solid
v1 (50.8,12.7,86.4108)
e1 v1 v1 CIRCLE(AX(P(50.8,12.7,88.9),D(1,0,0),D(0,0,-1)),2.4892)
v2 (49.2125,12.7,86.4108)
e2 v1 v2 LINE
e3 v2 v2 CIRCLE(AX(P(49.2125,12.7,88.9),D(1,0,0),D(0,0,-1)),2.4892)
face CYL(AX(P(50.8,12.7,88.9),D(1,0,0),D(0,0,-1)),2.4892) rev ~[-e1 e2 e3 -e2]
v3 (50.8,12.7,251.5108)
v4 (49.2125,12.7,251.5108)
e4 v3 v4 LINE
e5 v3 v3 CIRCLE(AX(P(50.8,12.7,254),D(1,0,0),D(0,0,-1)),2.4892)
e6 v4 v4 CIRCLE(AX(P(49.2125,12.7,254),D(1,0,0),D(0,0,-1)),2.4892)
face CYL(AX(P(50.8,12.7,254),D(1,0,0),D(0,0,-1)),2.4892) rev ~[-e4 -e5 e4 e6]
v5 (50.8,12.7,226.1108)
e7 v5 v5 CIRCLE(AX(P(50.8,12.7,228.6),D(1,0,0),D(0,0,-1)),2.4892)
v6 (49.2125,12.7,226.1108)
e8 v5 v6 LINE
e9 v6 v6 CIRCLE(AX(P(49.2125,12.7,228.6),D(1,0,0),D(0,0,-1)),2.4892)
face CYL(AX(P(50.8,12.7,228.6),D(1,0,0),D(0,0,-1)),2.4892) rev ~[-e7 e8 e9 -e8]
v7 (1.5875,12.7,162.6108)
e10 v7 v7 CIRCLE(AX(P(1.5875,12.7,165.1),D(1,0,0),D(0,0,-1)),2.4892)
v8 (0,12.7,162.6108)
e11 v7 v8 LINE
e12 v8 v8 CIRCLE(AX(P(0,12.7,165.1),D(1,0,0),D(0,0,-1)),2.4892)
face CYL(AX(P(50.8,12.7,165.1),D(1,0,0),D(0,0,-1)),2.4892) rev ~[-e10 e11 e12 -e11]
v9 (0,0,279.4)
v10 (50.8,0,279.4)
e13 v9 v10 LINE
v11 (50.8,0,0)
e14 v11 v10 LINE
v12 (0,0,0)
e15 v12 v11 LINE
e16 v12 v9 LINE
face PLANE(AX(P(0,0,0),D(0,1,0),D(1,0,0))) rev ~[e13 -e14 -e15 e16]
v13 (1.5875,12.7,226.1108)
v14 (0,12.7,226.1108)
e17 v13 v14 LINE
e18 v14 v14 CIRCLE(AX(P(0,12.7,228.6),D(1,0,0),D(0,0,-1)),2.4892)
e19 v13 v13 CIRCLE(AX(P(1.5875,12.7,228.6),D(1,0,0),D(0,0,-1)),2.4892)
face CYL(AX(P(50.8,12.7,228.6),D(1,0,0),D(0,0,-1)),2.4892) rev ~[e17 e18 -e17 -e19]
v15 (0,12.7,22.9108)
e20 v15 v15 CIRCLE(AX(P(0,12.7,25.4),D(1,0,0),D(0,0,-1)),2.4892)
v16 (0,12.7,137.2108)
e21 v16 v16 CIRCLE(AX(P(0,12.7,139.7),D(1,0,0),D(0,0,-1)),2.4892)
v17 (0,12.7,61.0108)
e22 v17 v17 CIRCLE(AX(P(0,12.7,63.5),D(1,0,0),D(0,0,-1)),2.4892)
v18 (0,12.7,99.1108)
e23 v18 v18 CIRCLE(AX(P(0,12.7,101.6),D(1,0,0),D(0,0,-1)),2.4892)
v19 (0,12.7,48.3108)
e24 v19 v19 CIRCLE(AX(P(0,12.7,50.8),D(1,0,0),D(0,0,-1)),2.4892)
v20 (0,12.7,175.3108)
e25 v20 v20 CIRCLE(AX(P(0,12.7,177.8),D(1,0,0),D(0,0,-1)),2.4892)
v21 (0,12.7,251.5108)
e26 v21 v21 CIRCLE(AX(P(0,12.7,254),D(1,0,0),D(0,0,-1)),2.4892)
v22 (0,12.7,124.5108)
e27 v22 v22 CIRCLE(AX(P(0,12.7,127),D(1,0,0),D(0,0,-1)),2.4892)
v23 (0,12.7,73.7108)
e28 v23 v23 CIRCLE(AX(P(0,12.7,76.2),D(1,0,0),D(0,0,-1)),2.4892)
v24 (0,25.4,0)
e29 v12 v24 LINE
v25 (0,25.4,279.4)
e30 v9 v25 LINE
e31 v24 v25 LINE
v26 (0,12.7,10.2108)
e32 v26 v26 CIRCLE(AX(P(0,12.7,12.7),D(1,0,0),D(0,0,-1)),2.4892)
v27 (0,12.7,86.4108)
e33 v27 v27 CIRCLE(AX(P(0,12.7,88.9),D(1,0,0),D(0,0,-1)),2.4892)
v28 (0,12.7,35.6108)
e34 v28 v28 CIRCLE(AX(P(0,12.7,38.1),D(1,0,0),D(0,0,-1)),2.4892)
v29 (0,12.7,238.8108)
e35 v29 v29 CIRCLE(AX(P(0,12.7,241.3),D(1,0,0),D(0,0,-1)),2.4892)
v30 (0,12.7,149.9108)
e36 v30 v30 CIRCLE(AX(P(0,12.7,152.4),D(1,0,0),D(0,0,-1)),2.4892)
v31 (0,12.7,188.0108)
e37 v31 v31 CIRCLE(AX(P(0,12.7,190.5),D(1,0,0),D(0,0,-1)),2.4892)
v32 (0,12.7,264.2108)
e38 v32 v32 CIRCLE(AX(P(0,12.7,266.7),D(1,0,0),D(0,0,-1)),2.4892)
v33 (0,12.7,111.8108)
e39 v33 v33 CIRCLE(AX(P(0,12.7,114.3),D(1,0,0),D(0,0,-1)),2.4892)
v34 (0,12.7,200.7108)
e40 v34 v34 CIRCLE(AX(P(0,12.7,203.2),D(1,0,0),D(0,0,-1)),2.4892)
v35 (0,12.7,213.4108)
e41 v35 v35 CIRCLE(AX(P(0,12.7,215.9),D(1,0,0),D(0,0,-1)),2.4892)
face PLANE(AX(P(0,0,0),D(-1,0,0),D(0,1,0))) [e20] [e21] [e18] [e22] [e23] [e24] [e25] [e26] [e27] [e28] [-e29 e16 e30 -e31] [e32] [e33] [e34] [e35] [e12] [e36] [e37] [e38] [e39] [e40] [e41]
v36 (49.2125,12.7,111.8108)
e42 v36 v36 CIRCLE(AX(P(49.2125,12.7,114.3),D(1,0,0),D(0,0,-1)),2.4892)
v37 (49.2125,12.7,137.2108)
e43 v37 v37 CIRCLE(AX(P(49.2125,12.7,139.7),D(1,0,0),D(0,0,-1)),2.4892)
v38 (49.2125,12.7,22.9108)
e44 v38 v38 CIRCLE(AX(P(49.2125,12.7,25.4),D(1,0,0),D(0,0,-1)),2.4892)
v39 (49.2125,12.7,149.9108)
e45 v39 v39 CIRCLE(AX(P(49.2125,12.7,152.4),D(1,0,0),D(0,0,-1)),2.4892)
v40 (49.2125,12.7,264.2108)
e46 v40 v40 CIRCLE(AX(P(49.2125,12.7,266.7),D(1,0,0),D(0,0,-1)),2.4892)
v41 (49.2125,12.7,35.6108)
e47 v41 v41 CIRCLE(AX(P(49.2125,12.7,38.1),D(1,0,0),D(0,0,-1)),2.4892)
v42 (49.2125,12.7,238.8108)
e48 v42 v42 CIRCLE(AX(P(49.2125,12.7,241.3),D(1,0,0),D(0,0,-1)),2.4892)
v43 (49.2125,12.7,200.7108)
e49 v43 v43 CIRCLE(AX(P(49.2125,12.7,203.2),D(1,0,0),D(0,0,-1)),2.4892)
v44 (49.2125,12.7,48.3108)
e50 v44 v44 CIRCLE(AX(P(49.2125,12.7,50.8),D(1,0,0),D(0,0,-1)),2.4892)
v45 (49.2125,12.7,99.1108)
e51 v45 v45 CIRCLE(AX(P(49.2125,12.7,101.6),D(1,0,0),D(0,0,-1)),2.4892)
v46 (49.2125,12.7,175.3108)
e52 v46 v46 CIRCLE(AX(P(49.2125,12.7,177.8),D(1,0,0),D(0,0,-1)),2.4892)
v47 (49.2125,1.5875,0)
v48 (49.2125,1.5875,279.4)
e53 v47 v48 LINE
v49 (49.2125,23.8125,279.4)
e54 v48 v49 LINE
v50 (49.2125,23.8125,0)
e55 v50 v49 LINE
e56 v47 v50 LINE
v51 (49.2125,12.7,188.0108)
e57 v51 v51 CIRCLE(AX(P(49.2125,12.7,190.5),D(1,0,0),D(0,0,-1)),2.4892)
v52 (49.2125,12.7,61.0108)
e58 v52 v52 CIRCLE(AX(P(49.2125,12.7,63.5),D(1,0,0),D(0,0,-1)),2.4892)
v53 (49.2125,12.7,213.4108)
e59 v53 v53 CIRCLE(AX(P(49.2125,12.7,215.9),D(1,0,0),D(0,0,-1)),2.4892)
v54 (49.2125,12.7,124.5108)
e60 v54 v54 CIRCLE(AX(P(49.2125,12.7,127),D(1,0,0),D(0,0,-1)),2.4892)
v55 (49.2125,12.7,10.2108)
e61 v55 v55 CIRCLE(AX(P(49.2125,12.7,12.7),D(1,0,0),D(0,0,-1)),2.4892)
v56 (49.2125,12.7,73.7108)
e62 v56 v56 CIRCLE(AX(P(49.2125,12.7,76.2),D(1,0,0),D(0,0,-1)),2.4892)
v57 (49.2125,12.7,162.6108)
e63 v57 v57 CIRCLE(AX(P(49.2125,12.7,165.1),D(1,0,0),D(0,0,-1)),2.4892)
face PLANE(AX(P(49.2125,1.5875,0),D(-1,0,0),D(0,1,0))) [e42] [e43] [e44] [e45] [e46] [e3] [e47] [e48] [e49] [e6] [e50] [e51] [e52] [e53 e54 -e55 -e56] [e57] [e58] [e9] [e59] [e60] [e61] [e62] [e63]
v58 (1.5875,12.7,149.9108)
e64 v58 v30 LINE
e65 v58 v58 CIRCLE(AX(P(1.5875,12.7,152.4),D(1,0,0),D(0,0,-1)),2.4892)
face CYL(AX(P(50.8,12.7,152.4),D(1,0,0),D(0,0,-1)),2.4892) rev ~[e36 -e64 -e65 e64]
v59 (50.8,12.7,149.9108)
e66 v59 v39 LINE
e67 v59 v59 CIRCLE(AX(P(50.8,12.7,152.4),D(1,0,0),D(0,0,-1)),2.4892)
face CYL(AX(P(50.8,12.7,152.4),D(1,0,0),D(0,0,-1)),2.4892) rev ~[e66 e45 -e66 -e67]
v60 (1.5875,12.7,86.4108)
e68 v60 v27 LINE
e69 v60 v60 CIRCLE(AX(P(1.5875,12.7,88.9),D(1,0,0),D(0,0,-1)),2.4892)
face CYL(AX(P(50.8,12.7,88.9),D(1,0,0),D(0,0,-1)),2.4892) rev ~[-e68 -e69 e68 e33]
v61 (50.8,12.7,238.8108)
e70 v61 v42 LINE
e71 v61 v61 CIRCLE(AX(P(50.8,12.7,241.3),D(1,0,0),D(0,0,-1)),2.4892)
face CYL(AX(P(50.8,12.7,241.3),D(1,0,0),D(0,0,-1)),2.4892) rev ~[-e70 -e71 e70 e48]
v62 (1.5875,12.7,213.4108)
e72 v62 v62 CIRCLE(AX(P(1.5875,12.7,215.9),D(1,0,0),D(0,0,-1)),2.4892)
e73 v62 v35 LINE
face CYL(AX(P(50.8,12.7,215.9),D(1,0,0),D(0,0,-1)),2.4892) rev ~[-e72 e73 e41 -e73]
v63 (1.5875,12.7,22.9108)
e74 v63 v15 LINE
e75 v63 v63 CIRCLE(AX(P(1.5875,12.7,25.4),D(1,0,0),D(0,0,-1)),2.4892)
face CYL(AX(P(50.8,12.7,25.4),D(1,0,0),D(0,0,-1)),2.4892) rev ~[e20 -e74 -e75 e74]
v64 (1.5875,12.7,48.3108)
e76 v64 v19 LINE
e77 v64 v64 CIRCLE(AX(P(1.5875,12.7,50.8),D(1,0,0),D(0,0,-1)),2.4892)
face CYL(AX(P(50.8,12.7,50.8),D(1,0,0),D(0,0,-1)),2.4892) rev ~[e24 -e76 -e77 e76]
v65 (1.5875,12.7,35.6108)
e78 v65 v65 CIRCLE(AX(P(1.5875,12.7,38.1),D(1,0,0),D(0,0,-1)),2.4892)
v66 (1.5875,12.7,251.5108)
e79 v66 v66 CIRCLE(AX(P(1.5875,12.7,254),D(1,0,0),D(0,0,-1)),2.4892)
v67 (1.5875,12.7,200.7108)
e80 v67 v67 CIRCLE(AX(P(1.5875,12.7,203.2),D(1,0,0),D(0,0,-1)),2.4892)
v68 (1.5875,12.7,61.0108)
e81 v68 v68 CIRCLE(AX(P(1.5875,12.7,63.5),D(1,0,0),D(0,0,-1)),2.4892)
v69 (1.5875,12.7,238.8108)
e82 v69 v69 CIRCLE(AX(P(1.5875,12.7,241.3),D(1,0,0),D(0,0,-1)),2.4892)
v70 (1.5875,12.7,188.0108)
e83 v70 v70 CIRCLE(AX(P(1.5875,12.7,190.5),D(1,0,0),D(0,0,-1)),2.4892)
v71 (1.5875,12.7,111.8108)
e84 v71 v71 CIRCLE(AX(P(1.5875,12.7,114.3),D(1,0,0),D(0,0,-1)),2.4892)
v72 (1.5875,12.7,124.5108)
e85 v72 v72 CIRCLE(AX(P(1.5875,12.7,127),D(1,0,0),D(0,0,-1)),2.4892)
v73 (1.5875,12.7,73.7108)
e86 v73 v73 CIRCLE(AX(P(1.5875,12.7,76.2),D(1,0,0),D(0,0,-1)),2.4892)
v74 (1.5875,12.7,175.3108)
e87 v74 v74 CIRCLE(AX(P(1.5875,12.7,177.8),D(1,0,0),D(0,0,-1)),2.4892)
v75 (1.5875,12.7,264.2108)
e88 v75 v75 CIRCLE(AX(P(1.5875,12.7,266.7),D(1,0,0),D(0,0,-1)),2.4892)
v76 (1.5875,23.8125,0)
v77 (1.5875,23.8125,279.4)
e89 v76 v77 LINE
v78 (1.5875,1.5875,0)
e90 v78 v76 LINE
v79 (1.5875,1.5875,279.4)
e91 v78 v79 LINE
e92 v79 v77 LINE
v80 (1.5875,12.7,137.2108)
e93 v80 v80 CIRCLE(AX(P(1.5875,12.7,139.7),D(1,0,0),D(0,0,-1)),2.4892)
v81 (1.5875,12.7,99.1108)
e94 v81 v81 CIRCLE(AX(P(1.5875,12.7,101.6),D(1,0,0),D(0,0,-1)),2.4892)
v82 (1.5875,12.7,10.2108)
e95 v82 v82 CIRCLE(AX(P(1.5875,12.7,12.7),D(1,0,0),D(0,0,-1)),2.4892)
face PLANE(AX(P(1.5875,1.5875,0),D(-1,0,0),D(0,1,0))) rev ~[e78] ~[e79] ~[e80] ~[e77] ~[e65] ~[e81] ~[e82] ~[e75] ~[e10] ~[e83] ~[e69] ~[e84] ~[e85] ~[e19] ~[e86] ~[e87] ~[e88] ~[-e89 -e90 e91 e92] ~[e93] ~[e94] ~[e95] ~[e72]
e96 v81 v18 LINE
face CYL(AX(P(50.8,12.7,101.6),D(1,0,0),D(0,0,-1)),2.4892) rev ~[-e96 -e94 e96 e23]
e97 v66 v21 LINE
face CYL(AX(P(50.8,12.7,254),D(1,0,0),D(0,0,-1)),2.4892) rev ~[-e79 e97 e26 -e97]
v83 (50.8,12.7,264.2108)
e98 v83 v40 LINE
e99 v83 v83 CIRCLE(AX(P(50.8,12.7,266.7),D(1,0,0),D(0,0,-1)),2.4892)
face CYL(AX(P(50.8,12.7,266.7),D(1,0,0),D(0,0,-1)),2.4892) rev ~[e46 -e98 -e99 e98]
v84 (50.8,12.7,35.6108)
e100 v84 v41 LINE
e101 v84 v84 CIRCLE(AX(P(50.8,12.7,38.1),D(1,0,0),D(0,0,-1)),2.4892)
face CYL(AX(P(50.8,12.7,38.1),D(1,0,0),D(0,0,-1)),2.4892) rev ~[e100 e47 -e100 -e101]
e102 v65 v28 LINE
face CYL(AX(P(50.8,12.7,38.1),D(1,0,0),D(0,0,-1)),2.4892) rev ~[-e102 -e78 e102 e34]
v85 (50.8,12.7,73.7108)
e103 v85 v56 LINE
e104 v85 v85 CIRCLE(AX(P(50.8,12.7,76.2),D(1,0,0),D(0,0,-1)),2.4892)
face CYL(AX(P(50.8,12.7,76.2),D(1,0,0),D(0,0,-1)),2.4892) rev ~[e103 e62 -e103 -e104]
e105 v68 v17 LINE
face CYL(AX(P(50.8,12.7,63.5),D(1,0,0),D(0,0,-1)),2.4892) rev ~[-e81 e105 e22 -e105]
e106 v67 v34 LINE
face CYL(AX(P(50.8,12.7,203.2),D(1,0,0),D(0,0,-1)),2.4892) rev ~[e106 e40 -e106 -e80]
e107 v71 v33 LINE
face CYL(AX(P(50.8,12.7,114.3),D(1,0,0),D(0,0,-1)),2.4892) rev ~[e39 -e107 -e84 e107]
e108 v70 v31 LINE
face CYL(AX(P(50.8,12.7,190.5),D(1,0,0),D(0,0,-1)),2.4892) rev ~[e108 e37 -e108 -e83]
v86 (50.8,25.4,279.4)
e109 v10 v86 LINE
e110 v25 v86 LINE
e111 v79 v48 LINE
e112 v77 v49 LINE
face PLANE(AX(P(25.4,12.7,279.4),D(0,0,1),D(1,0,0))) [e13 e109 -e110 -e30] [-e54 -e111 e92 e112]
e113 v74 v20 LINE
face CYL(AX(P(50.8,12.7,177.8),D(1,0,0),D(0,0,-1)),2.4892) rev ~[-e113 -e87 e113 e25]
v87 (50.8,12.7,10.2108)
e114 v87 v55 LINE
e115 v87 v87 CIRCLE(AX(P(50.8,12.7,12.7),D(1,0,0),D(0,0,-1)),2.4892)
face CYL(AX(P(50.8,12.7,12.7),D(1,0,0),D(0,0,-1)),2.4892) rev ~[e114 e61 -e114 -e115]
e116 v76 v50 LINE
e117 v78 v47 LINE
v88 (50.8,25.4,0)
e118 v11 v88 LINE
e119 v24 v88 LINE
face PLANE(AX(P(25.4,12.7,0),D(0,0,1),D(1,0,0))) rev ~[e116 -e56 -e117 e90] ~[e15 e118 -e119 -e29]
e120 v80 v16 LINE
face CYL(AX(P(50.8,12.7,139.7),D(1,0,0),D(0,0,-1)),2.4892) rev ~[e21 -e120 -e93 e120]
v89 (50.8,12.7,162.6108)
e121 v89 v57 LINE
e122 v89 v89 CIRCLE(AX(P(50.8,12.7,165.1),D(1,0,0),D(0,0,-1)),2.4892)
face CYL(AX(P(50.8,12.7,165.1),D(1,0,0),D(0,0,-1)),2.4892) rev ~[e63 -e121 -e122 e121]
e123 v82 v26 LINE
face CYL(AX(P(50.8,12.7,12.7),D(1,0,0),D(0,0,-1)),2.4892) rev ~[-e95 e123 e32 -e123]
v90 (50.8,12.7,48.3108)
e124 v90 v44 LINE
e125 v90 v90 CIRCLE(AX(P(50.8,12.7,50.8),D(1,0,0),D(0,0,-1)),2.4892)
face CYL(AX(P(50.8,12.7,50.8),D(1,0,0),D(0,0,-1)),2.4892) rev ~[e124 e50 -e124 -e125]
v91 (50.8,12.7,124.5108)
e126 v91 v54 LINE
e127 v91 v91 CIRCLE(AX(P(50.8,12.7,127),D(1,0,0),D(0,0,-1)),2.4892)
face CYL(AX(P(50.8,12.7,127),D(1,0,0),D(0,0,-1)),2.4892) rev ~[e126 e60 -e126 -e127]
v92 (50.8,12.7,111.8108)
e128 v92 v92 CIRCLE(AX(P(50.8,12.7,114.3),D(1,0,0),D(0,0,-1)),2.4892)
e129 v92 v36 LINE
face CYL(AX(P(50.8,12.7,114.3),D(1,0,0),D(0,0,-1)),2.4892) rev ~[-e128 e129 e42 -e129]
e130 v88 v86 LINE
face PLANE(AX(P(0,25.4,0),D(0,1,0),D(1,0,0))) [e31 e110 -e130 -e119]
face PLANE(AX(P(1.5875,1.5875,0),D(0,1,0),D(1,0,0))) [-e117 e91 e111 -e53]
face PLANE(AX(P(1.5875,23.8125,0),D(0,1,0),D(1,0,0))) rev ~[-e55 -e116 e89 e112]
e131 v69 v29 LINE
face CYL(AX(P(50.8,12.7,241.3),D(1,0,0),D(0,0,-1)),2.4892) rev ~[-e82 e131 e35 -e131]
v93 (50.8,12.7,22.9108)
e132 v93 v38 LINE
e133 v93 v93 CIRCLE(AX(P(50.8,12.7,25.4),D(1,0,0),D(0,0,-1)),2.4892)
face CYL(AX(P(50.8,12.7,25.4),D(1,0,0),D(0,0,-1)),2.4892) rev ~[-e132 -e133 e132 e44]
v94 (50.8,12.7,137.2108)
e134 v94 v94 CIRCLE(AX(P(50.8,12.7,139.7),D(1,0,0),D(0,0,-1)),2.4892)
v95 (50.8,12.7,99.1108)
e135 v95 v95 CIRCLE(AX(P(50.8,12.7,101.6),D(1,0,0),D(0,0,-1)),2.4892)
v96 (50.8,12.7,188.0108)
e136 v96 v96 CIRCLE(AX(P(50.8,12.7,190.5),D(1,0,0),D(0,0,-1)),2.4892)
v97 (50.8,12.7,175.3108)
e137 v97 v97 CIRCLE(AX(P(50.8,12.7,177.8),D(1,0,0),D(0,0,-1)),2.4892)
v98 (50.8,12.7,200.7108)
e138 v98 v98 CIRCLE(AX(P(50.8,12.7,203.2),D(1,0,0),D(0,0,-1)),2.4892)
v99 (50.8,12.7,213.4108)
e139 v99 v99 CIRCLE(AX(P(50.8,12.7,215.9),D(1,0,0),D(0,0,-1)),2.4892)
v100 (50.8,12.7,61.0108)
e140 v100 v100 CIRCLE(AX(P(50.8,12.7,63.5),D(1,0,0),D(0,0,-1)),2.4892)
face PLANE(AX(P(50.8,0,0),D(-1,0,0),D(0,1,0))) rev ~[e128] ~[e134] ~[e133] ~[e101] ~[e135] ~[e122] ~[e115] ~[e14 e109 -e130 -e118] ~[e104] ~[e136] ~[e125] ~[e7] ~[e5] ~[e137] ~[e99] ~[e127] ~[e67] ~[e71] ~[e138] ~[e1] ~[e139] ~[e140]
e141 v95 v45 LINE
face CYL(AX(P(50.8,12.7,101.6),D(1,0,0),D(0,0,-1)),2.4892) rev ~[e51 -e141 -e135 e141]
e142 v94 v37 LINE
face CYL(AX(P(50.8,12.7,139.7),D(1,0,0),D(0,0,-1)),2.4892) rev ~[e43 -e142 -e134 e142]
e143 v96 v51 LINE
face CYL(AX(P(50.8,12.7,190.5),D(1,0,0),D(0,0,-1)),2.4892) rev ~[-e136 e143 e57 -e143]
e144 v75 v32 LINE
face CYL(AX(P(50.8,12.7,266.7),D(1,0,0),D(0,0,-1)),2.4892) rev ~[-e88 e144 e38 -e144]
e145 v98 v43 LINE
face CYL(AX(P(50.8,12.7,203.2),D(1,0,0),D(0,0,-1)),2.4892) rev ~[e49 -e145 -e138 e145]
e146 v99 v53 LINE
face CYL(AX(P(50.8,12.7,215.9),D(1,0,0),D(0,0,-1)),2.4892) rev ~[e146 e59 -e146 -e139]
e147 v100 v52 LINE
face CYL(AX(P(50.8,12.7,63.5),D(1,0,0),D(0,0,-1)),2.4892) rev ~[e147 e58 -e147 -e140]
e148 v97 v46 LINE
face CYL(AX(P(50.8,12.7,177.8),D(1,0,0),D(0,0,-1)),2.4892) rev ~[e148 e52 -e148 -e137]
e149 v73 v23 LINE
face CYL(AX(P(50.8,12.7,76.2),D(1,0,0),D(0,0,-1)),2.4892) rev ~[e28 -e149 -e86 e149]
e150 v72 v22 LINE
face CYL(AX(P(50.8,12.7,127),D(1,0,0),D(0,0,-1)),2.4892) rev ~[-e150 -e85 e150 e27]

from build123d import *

# Parameters (mm, degrees)
SKETCH1_W           = 50.8
SKETCH1_H           = 25.4
SKETCH1_W_2         = 47.625
SKETCH1_H_2         = 22.225
BOSS_EXTRUDE1_DEPTH = 279.4
SKETCH2_R           = 2.4892
CUT_EXTRUDE1_DEPTH  = 51.8


with BuildPart() as part:
    # Sketch1 → Boss-Extrude1 (new body)
    with BuildSketch(Plane.XY):
        with Locations((25.4, 12.7)):
            Rectangle(SKETCH1_W, SKETCH1_H)
        with Locations((25.4, 12.7)):
            Rectangle(SKETCH1_W_2, SKETCH1_H_2, mode=Mode.SUBTRACT)
    extrude(amount=BOSS_EXTRUDE1_DEPTH)

    # Sketch2 → Cut-Extrude1 (cut, through all)
    with BuildSketch(Plane(origin=(50.8, 0, 0), x_dir=(0, 0, -1), z_dir=(1, 0, 0))):
        with Locations((-266.7, 12.7)):
            Circle(SKETCH2_R)
        with Locations((-254, 12.7)):
            Circle(SKETCH2_R)
        with Locations((-241.3, 12.7)):
            Circle(SKETCH2_R)
        with Locations((-228.6, 12.7)):
            Circle(SKETCH2_R)
        with Locations((-215.9, 12.7)):
            Circle(SKETCH2_R)
        with Locations((-203.2, 12.7)):
            Circle(SKETCH2_R)
        with Locations((-190.5, 12.7)):
            Circle(SKETCH2_R)
        with Locations((-177.8, 12.7)):
            Circle(SKETCH2_R)
        with Locations((-165.1, 12.7)):
            Circle(SKETCH2_R)
        with Locations((-152.4, 12.7)):
            Circle(SKETCH2_R)
        with Locations((-139.7, 12.7)):
            Circle(SKETCH2_R)
        with Locations((-127, 12.7)):
            Circle(SKETCH2_R)
        with Locations((-114.3, 12.7)):
            Circle(SKETCH2_R)
        with Locations((-101.6, 12.7)):
            Circle(SKETCH2_R)
        with Locations((-88.9, 12.7)):
            Circle(SKETCH2_R)
        with Locations((-76.2, 12.7)):
            Circle(SKETCH2_R)
        with Locations((-63.5, 12.7)):
            Circle(SKETCH2_R)
        with Locations((-50.8, 12.7)):
            Circle(SKETCH2_R)
        with Locations((-38.1, 12.7)):
            Circle(SKETCH2_R)
        with Locations((-25.4, 12.7)):
            Circle(SKETCH2_R)
        with Locations((-12.7, 12.7)):
            Circle(SKETCH2_R)
    extrude(amount=-CUT_EXTRUDE1_DEPTH, mode=Mode.SUBTRACT)


solid = part.part
